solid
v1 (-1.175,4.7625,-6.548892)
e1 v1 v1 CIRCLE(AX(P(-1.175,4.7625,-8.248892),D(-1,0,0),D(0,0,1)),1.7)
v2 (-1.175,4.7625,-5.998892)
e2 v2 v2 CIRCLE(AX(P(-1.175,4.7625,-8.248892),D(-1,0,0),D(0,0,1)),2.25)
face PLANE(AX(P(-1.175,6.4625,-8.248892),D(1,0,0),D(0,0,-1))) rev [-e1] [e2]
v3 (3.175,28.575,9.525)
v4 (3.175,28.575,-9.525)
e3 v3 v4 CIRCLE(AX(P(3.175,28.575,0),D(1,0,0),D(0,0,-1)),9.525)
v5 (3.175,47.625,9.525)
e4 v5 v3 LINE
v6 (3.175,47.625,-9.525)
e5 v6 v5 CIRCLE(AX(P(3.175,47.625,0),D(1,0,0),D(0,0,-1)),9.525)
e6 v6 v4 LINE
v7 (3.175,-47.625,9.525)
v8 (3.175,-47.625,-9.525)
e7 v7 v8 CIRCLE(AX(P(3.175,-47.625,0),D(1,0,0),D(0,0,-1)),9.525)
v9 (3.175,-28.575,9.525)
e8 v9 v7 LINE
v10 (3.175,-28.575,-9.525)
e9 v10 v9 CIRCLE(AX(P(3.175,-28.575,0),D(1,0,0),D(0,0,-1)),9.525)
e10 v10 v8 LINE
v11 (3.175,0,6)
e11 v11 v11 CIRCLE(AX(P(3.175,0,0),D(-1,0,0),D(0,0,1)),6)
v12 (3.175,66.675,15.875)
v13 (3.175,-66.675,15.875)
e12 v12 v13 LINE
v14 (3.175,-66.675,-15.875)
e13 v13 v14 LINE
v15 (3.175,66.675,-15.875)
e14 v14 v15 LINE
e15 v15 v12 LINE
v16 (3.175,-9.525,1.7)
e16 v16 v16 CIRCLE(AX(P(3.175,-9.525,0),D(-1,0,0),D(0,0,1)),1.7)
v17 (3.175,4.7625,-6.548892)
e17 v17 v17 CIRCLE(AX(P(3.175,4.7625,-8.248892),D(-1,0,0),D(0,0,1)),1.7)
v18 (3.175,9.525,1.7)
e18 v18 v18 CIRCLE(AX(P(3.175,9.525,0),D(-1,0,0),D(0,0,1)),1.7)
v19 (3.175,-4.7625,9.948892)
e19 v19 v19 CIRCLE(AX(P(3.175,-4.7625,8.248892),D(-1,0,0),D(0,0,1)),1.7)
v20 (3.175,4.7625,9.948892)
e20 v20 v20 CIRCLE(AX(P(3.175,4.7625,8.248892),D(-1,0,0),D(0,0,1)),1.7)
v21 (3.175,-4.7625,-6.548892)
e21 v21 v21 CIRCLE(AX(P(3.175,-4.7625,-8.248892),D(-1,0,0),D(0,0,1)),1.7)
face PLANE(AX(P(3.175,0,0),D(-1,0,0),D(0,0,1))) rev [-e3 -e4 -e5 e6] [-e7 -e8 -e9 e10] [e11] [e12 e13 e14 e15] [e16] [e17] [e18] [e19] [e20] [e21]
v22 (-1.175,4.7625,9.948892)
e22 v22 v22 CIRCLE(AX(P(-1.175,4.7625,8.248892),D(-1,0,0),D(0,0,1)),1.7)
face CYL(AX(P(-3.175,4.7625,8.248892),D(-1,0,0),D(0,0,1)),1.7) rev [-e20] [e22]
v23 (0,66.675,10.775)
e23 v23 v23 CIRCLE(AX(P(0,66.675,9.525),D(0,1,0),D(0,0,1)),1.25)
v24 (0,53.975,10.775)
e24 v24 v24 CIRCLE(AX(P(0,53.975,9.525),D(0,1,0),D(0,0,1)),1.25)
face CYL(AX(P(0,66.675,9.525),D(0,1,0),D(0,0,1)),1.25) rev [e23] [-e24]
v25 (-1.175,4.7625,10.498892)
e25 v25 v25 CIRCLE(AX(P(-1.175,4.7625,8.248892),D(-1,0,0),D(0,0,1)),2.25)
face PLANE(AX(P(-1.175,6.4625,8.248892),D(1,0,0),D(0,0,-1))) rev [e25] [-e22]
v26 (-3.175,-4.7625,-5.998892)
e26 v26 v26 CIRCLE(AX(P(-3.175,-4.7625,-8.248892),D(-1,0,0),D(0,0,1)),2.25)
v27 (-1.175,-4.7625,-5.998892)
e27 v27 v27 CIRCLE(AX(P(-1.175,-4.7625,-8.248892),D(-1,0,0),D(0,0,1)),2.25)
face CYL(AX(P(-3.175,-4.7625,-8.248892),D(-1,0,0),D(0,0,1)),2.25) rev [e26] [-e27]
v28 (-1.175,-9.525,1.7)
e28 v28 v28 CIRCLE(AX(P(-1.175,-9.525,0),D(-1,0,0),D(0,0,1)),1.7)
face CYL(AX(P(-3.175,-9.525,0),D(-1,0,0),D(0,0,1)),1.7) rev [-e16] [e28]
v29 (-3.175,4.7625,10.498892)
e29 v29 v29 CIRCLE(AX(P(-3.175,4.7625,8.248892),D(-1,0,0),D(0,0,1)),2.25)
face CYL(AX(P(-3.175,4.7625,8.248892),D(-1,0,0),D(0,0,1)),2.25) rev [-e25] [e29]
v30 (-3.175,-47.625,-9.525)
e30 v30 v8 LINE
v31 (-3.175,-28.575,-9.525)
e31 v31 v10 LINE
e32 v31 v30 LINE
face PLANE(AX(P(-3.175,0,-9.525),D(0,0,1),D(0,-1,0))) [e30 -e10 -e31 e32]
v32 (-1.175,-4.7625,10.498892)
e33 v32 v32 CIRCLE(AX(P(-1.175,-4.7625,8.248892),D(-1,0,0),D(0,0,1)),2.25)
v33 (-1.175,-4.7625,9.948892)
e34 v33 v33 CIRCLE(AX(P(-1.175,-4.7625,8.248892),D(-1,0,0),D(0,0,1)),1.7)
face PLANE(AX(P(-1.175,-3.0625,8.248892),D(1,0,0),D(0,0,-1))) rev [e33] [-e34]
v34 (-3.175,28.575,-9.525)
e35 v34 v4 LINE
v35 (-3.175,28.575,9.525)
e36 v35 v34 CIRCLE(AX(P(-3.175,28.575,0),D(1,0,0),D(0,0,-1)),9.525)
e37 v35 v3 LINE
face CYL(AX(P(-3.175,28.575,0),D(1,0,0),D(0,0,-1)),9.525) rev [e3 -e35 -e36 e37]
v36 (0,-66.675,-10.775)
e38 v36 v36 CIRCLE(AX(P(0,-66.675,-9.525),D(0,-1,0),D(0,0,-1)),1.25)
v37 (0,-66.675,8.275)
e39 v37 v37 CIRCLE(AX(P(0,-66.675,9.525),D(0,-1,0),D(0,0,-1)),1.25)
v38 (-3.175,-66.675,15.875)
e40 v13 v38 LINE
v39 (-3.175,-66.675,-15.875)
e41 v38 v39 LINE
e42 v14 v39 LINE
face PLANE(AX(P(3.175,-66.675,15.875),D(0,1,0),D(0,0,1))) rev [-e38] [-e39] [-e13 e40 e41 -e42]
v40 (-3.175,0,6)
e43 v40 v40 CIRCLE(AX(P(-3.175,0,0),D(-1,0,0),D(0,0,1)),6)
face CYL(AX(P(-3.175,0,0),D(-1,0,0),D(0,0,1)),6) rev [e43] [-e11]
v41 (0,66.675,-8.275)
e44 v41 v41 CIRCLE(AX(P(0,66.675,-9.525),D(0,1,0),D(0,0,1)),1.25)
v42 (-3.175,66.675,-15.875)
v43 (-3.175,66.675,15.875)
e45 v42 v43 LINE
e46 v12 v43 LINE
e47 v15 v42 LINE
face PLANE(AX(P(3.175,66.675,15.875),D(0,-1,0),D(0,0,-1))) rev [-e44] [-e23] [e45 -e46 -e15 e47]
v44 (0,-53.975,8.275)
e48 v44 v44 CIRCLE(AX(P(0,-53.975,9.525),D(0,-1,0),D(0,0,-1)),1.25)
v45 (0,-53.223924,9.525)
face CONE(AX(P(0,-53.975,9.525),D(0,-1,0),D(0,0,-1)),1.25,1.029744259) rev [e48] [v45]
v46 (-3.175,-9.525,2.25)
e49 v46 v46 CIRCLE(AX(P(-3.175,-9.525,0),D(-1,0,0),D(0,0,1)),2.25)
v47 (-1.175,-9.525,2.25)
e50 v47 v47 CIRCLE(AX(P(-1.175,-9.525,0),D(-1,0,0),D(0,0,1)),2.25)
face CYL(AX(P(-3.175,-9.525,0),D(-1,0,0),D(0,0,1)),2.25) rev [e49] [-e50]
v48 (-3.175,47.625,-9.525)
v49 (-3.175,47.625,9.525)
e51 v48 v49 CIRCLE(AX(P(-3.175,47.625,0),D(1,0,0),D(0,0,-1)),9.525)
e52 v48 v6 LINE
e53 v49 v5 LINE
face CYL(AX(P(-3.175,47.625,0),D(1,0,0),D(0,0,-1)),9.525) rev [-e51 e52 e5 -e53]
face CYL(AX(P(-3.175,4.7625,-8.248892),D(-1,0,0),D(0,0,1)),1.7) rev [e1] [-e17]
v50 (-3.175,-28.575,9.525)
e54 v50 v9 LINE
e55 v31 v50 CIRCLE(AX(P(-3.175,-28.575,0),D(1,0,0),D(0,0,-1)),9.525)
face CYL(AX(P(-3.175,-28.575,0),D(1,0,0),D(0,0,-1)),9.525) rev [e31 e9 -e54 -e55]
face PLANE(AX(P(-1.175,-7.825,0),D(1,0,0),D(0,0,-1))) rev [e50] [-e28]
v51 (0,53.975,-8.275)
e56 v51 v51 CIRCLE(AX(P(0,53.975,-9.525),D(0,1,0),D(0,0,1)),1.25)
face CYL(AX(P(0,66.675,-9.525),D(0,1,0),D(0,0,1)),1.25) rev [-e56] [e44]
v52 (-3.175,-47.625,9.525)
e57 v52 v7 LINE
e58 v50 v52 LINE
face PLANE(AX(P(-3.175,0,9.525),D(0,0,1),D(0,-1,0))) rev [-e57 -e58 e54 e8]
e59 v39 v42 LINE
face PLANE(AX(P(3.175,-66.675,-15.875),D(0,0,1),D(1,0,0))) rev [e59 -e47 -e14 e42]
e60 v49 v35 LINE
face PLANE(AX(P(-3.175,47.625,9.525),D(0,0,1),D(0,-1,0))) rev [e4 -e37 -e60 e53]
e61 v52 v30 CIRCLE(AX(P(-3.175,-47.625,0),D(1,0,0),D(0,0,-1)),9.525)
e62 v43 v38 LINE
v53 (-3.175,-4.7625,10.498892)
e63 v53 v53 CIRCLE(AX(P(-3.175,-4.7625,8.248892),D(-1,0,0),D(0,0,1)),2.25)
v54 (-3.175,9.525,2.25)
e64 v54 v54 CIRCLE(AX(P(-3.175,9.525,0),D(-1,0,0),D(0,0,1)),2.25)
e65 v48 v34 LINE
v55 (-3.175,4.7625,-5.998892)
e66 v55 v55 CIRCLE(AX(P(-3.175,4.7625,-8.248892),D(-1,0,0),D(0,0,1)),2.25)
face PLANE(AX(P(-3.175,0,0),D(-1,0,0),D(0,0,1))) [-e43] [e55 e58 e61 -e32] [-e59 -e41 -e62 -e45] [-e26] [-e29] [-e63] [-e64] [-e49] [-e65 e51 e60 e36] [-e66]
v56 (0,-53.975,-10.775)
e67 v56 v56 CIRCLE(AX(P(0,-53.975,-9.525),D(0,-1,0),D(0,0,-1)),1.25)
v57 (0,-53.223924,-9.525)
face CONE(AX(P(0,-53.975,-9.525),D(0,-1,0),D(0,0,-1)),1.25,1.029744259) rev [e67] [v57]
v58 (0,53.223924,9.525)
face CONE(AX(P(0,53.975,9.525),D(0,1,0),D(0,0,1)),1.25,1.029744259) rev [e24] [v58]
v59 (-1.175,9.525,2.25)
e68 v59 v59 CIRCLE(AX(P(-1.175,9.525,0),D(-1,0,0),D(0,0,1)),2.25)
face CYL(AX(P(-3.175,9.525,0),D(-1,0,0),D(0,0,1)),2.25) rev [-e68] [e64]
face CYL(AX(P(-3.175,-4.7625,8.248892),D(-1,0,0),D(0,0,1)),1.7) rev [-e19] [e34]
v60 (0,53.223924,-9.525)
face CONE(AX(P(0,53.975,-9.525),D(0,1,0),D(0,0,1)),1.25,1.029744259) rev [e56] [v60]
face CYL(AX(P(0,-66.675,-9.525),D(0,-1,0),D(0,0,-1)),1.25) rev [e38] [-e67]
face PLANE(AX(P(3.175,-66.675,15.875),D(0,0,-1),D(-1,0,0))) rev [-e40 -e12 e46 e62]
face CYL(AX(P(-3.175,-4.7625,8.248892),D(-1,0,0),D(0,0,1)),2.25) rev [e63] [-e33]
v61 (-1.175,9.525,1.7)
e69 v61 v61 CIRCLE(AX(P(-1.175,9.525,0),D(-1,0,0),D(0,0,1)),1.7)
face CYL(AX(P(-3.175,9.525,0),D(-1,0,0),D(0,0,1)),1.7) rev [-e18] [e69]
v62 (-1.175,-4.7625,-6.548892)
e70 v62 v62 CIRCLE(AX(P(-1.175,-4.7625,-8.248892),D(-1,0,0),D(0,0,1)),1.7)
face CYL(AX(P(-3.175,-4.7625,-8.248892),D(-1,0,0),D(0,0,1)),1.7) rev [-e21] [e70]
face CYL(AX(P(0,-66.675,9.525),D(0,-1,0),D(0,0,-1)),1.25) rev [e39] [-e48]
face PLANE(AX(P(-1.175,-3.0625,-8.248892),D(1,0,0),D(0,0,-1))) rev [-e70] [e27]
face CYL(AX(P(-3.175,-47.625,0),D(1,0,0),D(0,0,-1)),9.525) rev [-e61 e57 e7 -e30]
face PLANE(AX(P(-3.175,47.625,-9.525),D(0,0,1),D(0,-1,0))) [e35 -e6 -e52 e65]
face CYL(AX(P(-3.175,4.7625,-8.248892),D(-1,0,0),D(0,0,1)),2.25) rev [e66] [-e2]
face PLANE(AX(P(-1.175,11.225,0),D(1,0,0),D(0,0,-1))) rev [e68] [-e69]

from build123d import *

# Parameters (mm, degrees)
SKETCH1_W                      = 31.75
SKETCH1_H                      = 133.35
BOSS_EXTRUDE1_DEPTH            = 3.175
M3X0_5_TAPPED_HOLE1_AT_2_COUNT = 2
M3X0_5_TAPPED_HOLE1_AT_2_PITCH = 19.05
F_12_0MM_DOWEL_HOLE1_D         = 12
CBORE_FOR_M3_SHCS1_D           = 3.4
CBORE_FOR_M3_SHCS1_DEPTH       = 11.678536948
CBORE_FOR_M3_SHCS1_CBORE_D     = 4.5
CBORE_FOR_M3_SHCS1_CBORE_DEPTH = 2
CBORE_FOR_M3_SHCS1_TIP         = 1.021463052
CUT_EXTRUDE1_DEPTH             = 69.832359759


with BuildPart() as part:
    # Sketch1 → Boss-Extrude1 (new, symmetric)
    with BuildSketch(Plane(origin=(0, 0, 0), x_dir=(0, 0, -1), z_dir=(1, 0, 0))):
        Rectangle(SKETCH1_W, SKETCH1_H)
    extrude(amount=BOSS_EXTRUDE1_DEPTH, both=True)

    # Sketch5 → M3x0.5 Tapped Hole1 (revolve, cut)
    with BuildSketch(Plane(origin=(0, 66.675, -9.525), x_dir=(0, 0, 1), z_dir=(1, 0, 0))):
        Polygon((0, 0), (0, 13.451075774), (1.25, 12.7), (1.25, 0), align=None)
    m3x0_5_tapped_hole1 = revolve(axis=Axis((0, 73.025, -9.525), (0, -1, 0)), mode=Mode.SUBTRACT)

    # M3x0.5 Tapped Hole1 at 2: M3x0.5 Tapped Hole1 ×2
    with Locations(*[(0, 0, i * M3X0_5_TAPPED_HOLE1_AT_2_PITCH) for i in range(1, M3X0_5_TAPPED_HOLE1_AT_2_COUNT)]):
        add(m3x0_5_tapped_hole1, mode=Mode.SUBTRACT)

    # Mirror1: M3x0.5 Tapped Hole1 across plane
    add(m3x0_5_tapped_hole1.mirror(Plane.ZX), mode=Mode.SUBTRACT)

    # Mirror1 copy 1 sketch → Mirror1 copy 1 (revolve, cut)
    with BuildSketch(Plane(origin=(0, -66.675, 9.525), x_dir=(0, 0, 1), z_dir=(1, 0, 0))):
        Polygon((0, 0), (0, -13.451075774), (1.25, -12.7), (1.25, 0), align=None)
    revolve(axis=Axis((0, -73.025, 9.525), (0, -1, 0)), mode=Mode.SUBTRACT)

    # Ø12.0mm Dowel Hole1 (through all)
    with Locations(Plane.ZY.offset(3.175)):
        with Locations((0, 0)):
            Hole(F_12_0MM_DOWEL_HOLE1_D / 2)

    # CBORE for M3 SHCS1
    with Locations(Plane.ZY.offset(3.175)):
        with Locations((8.248891971, -4.7625), (8.248891971, 4.7625), (0, 9.525), (-8.248891971, 4.7625), (-8.248891971, -4.7625), (0, -9.525)):
            CounterBoreHole(CBORE_FOR_M3_SHCS1_D / 2, CBORE_FOR_M3_SHCS1_CBORE_D / 2, CBORE_FOR_M3_SHCS1_CBORE_DEPTH, depth=CBORE_FOR_M3_SHCS1_DEPTH)
            with Locations((0, 0, -(CBORE_FOR_M3_SHCS1_DEPTH + CBORE_FOR_M3_SHCS1_TIP / 2))):  # 118° drill point
                Cone(0, CBORE_FOR_M3_SHCS1_D / 2, CBORE_FOR_M3_SHCS1_TIP, mode=Mode.SUBTRACT)

    # Sketch12 → Cut-Extrude1 (cut, through all)
    with BuildSketch(Plane(origin=(3.175, 0, 0), x_dir=(0, 0, -1), z_dir=(1, 0, 0))):
        with BuildLine():
            Line((-9.525, -28.575), (-9.525, -47.625))
            ThreePointArc((-9.525, -47.625), (0, -57.15), (9.525, -47.625))
            Line((9.525, -47.625), (9.525, -28.575))
            ThreePointArc((9.525, -28.575), (0, -19.05), (-9.525, -28.575))
        make_face()
        with BuildLine():
            Line((9.525, 47.625), (9.525, 28.575))
            ThreePointArc((9.525, 28.575), (0, 19.05), (-9.525, 28.575))
            Line((-9.525, 28.575), (-9.525, 47.625))
            ThreePointArc((-9.525, 47.625), (0, 57.15), (9.525, 47.625))
        make_face()
    extrude(amount=-CUT_EXTRUDE1_DEPTH, mode=Mode.SUBTRACT)


solid = part.part
